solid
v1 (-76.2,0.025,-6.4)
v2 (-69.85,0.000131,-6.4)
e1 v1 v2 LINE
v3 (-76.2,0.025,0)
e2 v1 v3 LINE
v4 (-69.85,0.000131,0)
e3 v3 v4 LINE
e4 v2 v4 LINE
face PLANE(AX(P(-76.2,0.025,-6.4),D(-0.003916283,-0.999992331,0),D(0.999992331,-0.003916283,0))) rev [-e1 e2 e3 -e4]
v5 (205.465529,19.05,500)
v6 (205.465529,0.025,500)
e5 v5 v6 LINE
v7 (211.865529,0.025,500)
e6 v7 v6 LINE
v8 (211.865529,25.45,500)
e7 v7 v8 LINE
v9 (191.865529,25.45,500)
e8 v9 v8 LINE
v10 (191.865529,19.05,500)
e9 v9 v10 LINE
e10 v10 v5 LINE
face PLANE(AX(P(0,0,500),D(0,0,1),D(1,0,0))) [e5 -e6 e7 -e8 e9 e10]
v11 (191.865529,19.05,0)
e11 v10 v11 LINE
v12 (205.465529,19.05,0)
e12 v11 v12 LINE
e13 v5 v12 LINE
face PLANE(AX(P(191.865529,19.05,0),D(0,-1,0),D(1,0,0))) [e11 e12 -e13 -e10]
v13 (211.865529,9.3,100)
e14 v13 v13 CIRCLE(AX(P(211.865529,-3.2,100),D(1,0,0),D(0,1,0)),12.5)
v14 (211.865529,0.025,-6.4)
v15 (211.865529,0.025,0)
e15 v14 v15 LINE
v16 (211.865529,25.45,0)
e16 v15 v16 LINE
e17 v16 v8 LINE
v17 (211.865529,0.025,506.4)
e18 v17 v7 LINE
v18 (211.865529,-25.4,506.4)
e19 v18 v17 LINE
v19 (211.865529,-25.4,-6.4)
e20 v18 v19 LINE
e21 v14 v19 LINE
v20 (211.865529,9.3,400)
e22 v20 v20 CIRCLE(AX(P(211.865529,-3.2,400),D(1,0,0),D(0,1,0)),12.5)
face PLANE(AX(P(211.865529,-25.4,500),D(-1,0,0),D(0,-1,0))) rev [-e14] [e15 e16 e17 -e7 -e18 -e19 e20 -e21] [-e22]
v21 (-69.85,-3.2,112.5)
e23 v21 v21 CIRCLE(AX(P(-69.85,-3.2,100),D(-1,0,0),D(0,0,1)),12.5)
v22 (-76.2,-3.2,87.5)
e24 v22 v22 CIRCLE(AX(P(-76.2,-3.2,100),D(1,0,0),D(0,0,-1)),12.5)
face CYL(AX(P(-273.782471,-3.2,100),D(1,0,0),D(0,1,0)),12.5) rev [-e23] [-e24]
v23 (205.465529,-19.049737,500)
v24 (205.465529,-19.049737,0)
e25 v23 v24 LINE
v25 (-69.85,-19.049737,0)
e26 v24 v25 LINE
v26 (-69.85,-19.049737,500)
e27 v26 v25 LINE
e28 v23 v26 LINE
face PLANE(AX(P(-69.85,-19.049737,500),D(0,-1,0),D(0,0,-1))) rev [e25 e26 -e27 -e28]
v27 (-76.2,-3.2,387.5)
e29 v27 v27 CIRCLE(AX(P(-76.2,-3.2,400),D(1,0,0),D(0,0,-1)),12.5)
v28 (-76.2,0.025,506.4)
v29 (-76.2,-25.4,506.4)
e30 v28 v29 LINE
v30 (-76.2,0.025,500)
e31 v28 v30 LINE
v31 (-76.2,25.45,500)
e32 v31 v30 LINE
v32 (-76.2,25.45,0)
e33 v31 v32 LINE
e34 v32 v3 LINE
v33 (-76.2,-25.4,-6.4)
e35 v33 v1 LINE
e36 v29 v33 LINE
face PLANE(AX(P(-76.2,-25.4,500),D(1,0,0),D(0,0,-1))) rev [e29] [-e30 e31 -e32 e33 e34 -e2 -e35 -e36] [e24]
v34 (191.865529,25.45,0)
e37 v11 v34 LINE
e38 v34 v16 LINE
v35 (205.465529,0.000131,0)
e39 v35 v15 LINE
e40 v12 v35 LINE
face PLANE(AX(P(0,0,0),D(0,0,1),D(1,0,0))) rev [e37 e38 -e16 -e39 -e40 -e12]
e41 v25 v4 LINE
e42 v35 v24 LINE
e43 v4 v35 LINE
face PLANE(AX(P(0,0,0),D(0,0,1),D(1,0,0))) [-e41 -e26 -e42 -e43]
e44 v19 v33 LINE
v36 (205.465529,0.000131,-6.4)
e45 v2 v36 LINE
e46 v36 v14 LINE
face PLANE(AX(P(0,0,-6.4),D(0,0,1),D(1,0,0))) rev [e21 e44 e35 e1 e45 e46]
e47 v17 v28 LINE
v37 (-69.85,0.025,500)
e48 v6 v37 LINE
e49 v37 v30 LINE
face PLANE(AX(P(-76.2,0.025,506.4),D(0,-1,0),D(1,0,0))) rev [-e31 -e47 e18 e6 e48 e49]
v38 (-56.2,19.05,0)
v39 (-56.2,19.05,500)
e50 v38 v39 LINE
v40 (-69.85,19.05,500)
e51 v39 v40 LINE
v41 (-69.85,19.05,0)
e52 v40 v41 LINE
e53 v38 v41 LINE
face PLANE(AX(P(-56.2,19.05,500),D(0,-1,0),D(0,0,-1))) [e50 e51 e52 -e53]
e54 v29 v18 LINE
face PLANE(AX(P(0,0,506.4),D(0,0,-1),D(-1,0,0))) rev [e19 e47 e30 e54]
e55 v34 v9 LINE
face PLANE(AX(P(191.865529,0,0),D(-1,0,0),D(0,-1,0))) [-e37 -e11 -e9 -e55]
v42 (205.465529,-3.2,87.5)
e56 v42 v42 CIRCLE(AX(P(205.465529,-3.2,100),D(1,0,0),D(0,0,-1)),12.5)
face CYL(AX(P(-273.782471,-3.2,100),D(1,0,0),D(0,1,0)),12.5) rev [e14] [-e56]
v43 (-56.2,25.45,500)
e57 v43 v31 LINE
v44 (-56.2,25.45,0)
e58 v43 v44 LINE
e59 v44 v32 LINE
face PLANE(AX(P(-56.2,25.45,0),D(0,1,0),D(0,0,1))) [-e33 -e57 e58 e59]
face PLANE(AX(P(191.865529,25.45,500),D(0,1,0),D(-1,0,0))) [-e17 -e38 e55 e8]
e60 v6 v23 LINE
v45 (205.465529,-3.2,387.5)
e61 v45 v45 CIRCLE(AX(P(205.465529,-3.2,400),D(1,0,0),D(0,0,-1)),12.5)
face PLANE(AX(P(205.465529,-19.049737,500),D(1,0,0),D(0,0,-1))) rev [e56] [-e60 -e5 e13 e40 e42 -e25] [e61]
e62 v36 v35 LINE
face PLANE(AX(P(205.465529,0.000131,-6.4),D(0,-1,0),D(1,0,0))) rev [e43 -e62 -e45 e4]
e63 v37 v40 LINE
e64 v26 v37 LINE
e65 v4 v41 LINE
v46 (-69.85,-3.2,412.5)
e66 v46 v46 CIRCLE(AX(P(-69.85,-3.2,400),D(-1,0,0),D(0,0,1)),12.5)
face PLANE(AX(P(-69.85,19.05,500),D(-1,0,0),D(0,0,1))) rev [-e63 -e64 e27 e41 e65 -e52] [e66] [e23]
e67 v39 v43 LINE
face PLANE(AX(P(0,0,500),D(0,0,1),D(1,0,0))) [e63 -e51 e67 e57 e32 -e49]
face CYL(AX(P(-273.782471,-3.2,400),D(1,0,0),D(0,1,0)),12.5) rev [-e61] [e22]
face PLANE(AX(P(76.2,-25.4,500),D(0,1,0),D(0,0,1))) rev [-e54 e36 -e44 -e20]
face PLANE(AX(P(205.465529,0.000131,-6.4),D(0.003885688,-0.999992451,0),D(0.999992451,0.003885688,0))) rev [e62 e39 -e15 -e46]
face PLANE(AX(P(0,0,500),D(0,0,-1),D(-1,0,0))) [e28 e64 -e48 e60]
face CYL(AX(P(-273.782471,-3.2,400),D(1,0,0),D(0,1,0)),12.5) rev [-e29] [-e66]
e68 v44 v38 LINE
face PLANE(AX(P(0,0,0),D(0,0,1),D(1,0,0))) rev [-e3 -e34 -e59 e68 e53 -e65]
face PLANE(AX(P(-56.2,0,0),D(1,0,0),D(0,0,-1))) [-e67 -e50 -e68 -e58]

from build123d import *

# Parameters (mm, degrees)
BOSS_EXTRUDE1_DEPTH = 500
SKETCH2_R           = 12.5
CUT_EXTRUDE1_DEPTH  = 485.648
SKETCH3_W           = 500
SKETCH3_H           = 6.4
BOSS_EXTRUDE3_DEPTH = 20
SKETCH4_W           = 500
SKETCH4_H           = 6.4
BOSS_EXTRUDE4_DEPTH = 20
BOSS_EXTRUDE5_DEPTH = 6.4
SKETCH6_W           = 288.065528703
SKETCH6_H           = 25.425
BOSS_EXTRUDE6_DEPTH = 6.4


with BuildPart() as part:
    # Sketch1 → Boss-Extrude1 (new body)
    with BuildSketch(Plane.XY):
        Polygon((-69.85, 19.05), (-69.85, -19.049737181), (69.85, -19.049737181), (205.465528703, -19.049737181), (205.465528703, 19.05), (211.865528703, 19.05), (211.865528703, -25.4), (76.2, -25.4), (-76.2, -25.4), (-76.2, 19.05), align=None)
    extrude(amount=BOSS_EXTRUDE1_DEPTH)

    # Sketch2 → Cut-Extrude1 (cut)
    with BuildSketch(Plane(origin=(211.865528703, 0, 0), x_dir=(0, 0, -1), z_dir=(1, 0, 0))):
        with Locations(Location((-400, -3.2, 0), (0, 0, 180))):
            Circle(SKETCH2_R)
        with Locations(Location((-100, -3.2, 0), (0, 0, 180))):
            Circle(SKETCH2_R)
    extrude(amount=-CUT_EXTRUDE1_DEPTH, mode=Mode.SUBTRACT)

    # Sketch3 → Boss-Extrude3 (add)
    with BuildSketch(Plane(origin=(211.865528703, 0, 0), x_dir=(0, 0, -1), z_dir=(1, 0, 0))):
        with Locations((-250, 22.25)):
            Rectangle(SKETCH3_W, SKETCH3_H)
    extrude(amount=-BOSS_EXTRUDE3_DEPTH)

    # Sketch4 → Boss-Extrude4 (add)
    with BuildSketch(Plane.ZY.offset(76.2)):
        with Locations((250, 22.25)):
            Rectangle(SKETCH4_W, SKETCH4_H)
    extrude(amount=-BOSS_EXTRUDE4_DEPTH)

    # Sketch5 → Boss-Extrude5 (add)
    with BuildSketch(Plane(origin=(0, 0, 0), x_dir=(-1, 0, 0), z_dir=(0, 0, -1))):
        Polygon((-211.865528703, -25.4), (76.2, -25.4), (76.2, -19.058688743), (76.2, 0.025), (69.85, 0.00013141), (-205.465528703, 0.00013141), (-211.865528703, 0.025), (-211.865528703, -19.058688743), align=None)
    extrude(amount=BOSS_EXTRUDE5_DEPTH)

    # Sketch6 → Boss-Extrude6 (add)
    with BuildSketch(Plane.XY.offset(500)):
        with Locations((67.832764352, -12.6875)):
            Rectangle(SKETCH6_W, SKETCH6_H)
    extrude(amount=BOSS_EXTRUDE6_DEPTH)


solid = part.part
